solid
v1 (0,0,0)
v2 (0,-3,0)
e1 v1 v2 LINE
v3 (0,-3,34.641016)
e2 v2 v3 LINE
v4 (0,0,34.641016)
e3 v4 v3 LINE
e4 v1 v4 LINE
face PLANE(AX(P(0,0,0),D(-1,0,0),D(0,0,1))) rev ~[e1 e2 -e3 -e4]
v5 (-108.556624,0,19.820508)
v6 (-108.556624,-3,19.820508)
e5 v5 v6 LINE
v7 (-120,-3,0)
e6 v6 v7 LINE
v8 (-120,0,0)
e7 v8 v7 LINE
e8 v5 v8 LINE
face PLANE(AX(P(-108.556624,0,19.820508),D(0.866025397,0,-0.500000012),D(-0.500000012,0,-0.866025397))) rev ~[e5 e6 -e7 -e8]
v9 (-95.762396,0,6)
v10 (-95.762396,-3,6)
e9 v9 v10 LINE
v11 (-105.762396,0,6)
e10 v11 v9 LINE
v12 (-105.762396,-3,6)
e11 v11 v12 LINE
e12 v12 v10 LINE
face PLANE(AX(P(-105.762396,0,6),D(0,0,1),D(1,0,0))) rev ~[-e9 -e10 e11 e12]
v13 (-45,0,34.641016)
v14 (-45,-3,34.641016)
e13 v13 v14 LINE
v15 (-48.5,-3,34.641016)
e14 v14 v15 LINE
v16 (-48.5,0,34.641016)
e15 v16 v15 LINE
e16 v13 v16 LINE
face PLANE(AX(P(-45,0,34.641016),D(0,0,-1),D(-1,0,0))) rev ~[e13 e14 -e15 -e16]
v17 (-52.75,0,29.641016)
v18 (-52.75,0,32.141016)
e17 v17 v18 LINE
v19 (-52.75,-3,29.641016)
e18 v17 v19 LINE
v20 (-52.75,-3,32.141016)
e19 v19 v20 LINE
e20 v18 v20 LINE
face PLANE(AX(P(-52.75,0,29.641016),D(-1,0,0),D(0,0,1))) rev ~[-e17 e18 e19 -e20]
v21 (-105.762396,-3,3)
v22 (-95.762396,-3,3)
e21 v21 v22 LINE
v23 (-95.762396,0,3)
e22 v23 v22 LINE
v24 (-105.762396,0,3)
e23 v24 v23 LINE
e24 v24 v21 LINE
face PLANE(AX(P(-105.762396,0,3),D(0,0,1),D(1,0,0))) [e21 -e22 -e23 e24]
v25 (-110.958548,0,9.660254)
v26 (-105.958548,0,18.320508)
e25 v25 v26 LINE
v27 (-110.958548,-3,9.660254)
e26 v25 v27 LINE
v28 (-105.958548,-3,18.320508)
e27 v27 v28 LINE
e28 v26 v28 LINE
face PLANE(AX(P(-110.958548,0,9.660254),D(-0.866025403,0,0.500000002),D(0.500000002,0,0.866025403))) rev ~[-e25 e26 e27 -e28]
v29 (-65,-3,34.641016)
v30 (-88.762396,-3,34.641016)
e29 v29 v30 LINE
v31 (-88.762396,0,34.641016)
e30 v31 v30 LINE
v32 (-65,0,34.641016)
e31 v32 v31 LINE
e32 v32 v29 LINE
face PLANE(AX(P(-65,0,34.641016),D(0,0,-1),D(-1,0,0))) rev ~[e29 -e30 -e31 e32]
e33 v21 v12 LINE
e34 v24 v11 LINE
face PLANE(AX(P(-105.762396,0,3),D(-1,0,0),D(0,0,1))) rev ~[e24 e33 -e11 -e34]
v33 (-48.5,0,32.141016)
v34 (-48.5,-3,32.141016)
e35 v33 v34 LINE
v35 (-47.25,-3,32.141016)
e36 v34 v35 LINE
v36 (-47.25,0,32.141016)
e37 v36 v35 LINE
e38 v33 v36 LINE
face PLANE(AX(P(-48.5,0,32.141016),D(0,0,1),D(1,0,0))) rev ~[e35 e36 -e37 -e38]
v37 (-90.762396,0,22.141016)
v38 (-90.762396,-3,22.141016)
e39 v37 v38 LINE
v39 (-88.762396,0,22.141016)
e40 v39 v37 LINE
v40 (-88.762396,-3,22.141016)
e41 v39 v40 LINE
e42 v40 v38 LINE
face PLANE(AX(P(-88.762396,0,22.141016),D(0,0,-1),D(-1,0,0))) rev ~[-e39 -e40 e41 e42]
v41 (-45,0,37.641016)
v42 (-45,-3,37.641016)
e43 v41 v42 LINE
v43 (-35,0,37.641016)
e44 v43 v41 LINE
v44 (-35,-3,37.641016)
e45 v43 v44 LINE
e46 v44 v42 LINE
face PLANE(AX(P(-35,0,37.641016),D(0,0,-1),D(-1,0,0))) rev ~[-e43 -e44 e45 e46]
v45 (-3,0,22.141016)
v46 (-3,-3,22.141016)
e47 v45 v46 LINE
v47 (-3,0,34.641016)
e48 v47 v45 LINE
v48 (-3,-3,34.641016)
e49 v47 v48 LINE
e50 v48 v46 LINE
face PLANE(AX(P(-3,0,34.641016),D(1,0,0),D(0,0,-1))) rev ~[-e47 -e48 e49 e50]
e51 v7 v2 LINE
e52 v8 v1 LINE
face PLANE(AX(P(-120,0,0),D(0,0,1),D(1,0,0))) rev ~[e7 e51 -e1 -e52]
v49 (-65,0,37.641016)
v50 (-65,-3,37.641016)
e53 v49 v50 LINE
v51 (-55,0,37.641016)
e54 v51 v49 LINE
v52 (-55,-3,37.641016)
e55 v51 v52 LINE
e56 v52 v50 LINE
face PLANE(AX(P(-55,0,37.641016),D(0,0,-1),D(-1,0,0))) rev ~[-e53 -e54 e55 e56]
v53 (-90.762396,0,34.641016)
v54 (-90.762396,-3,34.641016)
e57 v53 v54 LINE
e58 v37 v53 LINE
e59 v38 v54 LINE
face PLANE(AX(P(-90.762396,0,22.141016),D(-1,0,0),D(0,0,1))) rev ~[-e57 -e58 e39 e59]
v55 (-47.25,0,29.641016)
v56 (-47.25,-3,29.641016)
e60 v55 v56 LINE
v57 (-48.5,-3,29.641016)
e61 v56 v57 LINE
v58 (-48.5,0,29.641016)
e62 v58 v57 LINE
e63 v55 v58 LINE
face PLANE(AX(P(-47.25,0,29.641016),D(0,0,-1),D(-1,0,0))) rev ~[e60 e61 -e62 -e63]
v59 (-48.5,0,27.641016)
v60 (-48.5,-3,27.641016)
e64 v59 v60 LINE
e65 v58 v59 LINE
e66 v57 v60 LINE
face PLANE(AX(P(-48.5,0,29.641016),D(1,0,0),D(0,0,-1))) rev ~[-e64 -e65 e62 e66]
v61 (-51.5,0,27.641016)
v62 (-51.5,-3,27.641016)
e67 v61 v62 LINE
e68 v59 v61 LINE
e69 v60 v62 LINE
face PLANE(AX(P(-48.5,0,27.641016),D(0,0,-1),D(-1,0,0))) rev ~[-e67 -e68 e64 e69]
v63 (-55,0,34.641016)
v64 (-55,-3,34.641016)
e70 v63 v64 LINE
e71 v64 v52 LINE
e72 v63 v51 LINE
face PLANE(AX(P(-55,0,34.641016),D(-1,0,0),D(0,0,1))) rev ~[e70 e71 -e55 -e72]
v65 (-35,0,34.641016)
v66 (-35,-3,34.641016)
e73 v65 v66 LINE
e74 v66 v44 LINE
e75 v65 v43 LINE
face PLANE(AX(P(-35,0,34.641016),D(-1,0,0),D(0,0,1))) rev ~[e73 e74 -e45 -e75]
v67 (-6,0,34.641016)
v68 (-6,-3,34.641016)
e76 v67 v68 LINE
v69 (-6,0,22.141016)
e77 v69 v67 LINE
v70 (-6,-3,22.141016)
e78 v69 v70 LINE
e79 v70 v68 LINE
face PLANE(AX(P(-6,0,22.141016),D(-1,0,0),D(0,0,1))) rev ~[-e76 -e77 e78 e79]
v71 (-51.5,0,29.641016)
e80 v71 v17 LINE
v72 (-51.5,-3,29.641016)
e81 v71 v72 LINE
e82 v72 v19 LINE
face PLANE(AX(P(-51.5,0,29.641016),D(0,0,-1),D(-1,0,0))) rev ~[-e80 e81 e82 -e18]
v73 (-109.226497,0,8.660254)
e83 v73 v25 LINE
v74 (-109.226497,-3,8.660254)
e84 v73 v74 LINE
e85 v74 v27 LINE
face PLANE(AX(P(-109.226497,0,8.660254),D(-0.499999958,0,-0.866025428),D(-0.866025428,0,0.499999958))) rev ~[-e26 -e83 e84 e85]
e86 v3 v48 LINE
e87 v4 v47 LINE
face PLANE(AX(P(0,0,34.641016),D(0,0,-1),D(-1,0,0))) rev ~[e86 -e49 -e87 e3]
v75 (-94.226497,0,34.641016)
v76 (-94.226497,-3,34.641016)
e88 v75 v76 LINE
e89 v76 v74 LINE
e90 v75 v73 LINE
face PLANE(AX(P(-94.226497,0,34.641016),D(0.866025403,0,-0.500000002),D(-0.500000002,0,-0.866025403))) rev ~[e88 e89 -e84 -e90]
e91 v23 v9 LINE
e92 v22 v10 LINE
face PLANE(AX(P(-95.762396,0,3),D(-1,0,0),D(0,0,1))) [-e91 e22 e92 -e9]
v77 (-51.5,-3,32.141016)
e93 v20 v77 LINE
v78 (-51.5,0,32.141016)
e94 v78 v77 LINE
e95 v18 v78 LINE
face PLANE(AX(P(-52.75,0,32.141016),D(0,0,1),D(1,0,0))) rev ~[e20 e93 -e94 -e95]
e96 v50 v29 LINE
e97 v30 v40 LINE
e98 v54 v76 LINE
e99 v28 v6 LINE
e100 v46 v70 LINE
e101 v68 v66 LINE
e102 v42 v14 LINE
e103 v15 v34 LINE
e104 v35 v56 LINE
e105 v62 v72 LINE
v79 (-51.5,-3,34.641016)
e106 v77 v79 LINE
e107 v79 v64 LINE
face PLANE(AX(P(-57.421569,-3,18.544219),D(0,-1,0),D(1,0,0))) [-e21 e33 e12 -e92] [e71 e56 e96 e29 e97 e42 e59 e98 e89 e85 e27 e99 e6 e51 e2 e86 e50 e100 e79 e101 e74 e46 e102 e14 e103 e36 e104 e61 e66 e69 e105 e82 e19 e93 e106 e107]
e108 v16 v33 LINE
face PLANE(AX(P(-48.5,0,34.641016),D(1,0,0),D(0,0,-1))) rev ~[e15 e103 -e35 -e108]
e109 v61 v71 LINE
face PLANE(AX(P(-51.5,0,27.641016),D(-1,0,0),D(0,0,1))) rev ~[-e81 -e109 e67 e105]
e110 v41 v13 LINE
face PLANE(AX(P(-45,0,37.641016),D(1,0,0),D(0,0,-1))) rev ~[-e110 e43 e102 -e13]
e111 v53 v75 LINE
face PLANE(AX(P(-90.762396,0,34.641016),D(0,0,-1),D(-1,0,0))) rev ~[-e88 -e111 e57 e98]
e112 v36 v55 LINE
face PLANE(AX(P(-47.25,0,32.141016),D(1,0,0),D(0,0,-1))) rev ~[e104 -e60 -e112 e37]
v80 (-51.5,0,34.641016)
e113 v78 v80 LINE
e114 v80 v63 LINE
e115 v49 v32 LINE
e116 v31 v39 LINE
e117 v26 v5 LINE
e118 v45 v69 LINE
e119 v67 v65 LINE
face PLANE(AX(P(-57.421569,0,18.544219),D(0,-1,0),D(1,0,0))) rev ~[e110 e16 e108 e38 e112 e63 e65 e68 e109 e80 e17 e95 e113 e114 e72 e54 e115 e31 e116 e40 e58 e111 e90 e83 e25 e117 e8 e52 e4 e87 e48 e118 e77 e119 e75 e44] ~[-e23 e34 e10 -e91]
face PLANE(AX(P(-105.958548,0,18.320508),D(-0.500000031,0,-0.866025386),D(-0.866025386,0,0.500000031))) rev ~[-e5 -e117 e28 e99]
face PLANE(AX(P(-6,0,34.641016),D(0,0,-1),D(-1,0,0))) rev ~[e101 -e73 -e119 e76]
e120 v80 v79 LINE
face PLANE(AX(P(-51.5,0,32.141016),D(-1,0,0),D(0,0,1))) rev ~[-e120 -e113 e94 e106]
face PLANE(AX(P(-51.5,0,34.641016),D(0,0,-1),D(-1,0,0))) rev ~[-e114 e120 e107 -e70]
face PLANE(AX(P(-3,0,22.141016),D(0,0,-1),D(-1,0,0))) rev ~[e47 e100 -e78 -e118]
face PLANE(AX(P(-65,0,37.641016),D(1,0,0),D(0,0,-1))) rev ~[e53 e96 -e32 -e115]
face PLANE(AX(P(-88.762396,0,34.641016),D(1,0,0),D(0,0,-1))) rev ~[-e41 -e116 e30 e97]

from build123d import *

# Parameters (mm, degrees)
F0_W     = 10
F0_H     = 3
F1_DEPTH = 3


with BuildPart() as f1:
    # F0 (on Front) → F1 (new body)
    with BuildSketch(Plane.XZ):
        Polygon((-90.762396, 34.641016), (-94.226497, 34.641016), (-109.226497, 8.660254), (-110.958548, 9.660254), (-105.958548, 18.320508), (-108.556624, 19.820508), (-120, 0), (0, 0), (0, 34.641016), (-3, 34.641016), (-3, 22.141016), (-6, 22.141016), (-6, 34.641016), (-35, 34.641016), (-35, 37.641016), (-45, 37.641016), (-45, 34.641016), (-48.5, 34.641016), (-48.5, 32.141016), (-47.25, 32.141016), (-47.25, 29.641016), (-48.5, 29.641016), (-48.5, 27.641016), (-51.5, 27.641016), (-51.5, 29.641016), (-52.75, 29.641016), (-52.75, 32.141016), (-51.5, 32.141016), (-51.5, 34.641016), (-55, 34.641016), (-55, 37.641016), (-65, 37.641016), (-65, 34.641016), (-88.762396, 34.641016), (-88.762396, 22.141016), (-90.762396, 22.141016), align=None)
        with Locations((-100.762396, 4.5)):
            Rectangle(F0_W, F0_H, mode=Mode.SUBTRACT)
    extrude(amount=F1_DEPTH)


solid = f1.part
